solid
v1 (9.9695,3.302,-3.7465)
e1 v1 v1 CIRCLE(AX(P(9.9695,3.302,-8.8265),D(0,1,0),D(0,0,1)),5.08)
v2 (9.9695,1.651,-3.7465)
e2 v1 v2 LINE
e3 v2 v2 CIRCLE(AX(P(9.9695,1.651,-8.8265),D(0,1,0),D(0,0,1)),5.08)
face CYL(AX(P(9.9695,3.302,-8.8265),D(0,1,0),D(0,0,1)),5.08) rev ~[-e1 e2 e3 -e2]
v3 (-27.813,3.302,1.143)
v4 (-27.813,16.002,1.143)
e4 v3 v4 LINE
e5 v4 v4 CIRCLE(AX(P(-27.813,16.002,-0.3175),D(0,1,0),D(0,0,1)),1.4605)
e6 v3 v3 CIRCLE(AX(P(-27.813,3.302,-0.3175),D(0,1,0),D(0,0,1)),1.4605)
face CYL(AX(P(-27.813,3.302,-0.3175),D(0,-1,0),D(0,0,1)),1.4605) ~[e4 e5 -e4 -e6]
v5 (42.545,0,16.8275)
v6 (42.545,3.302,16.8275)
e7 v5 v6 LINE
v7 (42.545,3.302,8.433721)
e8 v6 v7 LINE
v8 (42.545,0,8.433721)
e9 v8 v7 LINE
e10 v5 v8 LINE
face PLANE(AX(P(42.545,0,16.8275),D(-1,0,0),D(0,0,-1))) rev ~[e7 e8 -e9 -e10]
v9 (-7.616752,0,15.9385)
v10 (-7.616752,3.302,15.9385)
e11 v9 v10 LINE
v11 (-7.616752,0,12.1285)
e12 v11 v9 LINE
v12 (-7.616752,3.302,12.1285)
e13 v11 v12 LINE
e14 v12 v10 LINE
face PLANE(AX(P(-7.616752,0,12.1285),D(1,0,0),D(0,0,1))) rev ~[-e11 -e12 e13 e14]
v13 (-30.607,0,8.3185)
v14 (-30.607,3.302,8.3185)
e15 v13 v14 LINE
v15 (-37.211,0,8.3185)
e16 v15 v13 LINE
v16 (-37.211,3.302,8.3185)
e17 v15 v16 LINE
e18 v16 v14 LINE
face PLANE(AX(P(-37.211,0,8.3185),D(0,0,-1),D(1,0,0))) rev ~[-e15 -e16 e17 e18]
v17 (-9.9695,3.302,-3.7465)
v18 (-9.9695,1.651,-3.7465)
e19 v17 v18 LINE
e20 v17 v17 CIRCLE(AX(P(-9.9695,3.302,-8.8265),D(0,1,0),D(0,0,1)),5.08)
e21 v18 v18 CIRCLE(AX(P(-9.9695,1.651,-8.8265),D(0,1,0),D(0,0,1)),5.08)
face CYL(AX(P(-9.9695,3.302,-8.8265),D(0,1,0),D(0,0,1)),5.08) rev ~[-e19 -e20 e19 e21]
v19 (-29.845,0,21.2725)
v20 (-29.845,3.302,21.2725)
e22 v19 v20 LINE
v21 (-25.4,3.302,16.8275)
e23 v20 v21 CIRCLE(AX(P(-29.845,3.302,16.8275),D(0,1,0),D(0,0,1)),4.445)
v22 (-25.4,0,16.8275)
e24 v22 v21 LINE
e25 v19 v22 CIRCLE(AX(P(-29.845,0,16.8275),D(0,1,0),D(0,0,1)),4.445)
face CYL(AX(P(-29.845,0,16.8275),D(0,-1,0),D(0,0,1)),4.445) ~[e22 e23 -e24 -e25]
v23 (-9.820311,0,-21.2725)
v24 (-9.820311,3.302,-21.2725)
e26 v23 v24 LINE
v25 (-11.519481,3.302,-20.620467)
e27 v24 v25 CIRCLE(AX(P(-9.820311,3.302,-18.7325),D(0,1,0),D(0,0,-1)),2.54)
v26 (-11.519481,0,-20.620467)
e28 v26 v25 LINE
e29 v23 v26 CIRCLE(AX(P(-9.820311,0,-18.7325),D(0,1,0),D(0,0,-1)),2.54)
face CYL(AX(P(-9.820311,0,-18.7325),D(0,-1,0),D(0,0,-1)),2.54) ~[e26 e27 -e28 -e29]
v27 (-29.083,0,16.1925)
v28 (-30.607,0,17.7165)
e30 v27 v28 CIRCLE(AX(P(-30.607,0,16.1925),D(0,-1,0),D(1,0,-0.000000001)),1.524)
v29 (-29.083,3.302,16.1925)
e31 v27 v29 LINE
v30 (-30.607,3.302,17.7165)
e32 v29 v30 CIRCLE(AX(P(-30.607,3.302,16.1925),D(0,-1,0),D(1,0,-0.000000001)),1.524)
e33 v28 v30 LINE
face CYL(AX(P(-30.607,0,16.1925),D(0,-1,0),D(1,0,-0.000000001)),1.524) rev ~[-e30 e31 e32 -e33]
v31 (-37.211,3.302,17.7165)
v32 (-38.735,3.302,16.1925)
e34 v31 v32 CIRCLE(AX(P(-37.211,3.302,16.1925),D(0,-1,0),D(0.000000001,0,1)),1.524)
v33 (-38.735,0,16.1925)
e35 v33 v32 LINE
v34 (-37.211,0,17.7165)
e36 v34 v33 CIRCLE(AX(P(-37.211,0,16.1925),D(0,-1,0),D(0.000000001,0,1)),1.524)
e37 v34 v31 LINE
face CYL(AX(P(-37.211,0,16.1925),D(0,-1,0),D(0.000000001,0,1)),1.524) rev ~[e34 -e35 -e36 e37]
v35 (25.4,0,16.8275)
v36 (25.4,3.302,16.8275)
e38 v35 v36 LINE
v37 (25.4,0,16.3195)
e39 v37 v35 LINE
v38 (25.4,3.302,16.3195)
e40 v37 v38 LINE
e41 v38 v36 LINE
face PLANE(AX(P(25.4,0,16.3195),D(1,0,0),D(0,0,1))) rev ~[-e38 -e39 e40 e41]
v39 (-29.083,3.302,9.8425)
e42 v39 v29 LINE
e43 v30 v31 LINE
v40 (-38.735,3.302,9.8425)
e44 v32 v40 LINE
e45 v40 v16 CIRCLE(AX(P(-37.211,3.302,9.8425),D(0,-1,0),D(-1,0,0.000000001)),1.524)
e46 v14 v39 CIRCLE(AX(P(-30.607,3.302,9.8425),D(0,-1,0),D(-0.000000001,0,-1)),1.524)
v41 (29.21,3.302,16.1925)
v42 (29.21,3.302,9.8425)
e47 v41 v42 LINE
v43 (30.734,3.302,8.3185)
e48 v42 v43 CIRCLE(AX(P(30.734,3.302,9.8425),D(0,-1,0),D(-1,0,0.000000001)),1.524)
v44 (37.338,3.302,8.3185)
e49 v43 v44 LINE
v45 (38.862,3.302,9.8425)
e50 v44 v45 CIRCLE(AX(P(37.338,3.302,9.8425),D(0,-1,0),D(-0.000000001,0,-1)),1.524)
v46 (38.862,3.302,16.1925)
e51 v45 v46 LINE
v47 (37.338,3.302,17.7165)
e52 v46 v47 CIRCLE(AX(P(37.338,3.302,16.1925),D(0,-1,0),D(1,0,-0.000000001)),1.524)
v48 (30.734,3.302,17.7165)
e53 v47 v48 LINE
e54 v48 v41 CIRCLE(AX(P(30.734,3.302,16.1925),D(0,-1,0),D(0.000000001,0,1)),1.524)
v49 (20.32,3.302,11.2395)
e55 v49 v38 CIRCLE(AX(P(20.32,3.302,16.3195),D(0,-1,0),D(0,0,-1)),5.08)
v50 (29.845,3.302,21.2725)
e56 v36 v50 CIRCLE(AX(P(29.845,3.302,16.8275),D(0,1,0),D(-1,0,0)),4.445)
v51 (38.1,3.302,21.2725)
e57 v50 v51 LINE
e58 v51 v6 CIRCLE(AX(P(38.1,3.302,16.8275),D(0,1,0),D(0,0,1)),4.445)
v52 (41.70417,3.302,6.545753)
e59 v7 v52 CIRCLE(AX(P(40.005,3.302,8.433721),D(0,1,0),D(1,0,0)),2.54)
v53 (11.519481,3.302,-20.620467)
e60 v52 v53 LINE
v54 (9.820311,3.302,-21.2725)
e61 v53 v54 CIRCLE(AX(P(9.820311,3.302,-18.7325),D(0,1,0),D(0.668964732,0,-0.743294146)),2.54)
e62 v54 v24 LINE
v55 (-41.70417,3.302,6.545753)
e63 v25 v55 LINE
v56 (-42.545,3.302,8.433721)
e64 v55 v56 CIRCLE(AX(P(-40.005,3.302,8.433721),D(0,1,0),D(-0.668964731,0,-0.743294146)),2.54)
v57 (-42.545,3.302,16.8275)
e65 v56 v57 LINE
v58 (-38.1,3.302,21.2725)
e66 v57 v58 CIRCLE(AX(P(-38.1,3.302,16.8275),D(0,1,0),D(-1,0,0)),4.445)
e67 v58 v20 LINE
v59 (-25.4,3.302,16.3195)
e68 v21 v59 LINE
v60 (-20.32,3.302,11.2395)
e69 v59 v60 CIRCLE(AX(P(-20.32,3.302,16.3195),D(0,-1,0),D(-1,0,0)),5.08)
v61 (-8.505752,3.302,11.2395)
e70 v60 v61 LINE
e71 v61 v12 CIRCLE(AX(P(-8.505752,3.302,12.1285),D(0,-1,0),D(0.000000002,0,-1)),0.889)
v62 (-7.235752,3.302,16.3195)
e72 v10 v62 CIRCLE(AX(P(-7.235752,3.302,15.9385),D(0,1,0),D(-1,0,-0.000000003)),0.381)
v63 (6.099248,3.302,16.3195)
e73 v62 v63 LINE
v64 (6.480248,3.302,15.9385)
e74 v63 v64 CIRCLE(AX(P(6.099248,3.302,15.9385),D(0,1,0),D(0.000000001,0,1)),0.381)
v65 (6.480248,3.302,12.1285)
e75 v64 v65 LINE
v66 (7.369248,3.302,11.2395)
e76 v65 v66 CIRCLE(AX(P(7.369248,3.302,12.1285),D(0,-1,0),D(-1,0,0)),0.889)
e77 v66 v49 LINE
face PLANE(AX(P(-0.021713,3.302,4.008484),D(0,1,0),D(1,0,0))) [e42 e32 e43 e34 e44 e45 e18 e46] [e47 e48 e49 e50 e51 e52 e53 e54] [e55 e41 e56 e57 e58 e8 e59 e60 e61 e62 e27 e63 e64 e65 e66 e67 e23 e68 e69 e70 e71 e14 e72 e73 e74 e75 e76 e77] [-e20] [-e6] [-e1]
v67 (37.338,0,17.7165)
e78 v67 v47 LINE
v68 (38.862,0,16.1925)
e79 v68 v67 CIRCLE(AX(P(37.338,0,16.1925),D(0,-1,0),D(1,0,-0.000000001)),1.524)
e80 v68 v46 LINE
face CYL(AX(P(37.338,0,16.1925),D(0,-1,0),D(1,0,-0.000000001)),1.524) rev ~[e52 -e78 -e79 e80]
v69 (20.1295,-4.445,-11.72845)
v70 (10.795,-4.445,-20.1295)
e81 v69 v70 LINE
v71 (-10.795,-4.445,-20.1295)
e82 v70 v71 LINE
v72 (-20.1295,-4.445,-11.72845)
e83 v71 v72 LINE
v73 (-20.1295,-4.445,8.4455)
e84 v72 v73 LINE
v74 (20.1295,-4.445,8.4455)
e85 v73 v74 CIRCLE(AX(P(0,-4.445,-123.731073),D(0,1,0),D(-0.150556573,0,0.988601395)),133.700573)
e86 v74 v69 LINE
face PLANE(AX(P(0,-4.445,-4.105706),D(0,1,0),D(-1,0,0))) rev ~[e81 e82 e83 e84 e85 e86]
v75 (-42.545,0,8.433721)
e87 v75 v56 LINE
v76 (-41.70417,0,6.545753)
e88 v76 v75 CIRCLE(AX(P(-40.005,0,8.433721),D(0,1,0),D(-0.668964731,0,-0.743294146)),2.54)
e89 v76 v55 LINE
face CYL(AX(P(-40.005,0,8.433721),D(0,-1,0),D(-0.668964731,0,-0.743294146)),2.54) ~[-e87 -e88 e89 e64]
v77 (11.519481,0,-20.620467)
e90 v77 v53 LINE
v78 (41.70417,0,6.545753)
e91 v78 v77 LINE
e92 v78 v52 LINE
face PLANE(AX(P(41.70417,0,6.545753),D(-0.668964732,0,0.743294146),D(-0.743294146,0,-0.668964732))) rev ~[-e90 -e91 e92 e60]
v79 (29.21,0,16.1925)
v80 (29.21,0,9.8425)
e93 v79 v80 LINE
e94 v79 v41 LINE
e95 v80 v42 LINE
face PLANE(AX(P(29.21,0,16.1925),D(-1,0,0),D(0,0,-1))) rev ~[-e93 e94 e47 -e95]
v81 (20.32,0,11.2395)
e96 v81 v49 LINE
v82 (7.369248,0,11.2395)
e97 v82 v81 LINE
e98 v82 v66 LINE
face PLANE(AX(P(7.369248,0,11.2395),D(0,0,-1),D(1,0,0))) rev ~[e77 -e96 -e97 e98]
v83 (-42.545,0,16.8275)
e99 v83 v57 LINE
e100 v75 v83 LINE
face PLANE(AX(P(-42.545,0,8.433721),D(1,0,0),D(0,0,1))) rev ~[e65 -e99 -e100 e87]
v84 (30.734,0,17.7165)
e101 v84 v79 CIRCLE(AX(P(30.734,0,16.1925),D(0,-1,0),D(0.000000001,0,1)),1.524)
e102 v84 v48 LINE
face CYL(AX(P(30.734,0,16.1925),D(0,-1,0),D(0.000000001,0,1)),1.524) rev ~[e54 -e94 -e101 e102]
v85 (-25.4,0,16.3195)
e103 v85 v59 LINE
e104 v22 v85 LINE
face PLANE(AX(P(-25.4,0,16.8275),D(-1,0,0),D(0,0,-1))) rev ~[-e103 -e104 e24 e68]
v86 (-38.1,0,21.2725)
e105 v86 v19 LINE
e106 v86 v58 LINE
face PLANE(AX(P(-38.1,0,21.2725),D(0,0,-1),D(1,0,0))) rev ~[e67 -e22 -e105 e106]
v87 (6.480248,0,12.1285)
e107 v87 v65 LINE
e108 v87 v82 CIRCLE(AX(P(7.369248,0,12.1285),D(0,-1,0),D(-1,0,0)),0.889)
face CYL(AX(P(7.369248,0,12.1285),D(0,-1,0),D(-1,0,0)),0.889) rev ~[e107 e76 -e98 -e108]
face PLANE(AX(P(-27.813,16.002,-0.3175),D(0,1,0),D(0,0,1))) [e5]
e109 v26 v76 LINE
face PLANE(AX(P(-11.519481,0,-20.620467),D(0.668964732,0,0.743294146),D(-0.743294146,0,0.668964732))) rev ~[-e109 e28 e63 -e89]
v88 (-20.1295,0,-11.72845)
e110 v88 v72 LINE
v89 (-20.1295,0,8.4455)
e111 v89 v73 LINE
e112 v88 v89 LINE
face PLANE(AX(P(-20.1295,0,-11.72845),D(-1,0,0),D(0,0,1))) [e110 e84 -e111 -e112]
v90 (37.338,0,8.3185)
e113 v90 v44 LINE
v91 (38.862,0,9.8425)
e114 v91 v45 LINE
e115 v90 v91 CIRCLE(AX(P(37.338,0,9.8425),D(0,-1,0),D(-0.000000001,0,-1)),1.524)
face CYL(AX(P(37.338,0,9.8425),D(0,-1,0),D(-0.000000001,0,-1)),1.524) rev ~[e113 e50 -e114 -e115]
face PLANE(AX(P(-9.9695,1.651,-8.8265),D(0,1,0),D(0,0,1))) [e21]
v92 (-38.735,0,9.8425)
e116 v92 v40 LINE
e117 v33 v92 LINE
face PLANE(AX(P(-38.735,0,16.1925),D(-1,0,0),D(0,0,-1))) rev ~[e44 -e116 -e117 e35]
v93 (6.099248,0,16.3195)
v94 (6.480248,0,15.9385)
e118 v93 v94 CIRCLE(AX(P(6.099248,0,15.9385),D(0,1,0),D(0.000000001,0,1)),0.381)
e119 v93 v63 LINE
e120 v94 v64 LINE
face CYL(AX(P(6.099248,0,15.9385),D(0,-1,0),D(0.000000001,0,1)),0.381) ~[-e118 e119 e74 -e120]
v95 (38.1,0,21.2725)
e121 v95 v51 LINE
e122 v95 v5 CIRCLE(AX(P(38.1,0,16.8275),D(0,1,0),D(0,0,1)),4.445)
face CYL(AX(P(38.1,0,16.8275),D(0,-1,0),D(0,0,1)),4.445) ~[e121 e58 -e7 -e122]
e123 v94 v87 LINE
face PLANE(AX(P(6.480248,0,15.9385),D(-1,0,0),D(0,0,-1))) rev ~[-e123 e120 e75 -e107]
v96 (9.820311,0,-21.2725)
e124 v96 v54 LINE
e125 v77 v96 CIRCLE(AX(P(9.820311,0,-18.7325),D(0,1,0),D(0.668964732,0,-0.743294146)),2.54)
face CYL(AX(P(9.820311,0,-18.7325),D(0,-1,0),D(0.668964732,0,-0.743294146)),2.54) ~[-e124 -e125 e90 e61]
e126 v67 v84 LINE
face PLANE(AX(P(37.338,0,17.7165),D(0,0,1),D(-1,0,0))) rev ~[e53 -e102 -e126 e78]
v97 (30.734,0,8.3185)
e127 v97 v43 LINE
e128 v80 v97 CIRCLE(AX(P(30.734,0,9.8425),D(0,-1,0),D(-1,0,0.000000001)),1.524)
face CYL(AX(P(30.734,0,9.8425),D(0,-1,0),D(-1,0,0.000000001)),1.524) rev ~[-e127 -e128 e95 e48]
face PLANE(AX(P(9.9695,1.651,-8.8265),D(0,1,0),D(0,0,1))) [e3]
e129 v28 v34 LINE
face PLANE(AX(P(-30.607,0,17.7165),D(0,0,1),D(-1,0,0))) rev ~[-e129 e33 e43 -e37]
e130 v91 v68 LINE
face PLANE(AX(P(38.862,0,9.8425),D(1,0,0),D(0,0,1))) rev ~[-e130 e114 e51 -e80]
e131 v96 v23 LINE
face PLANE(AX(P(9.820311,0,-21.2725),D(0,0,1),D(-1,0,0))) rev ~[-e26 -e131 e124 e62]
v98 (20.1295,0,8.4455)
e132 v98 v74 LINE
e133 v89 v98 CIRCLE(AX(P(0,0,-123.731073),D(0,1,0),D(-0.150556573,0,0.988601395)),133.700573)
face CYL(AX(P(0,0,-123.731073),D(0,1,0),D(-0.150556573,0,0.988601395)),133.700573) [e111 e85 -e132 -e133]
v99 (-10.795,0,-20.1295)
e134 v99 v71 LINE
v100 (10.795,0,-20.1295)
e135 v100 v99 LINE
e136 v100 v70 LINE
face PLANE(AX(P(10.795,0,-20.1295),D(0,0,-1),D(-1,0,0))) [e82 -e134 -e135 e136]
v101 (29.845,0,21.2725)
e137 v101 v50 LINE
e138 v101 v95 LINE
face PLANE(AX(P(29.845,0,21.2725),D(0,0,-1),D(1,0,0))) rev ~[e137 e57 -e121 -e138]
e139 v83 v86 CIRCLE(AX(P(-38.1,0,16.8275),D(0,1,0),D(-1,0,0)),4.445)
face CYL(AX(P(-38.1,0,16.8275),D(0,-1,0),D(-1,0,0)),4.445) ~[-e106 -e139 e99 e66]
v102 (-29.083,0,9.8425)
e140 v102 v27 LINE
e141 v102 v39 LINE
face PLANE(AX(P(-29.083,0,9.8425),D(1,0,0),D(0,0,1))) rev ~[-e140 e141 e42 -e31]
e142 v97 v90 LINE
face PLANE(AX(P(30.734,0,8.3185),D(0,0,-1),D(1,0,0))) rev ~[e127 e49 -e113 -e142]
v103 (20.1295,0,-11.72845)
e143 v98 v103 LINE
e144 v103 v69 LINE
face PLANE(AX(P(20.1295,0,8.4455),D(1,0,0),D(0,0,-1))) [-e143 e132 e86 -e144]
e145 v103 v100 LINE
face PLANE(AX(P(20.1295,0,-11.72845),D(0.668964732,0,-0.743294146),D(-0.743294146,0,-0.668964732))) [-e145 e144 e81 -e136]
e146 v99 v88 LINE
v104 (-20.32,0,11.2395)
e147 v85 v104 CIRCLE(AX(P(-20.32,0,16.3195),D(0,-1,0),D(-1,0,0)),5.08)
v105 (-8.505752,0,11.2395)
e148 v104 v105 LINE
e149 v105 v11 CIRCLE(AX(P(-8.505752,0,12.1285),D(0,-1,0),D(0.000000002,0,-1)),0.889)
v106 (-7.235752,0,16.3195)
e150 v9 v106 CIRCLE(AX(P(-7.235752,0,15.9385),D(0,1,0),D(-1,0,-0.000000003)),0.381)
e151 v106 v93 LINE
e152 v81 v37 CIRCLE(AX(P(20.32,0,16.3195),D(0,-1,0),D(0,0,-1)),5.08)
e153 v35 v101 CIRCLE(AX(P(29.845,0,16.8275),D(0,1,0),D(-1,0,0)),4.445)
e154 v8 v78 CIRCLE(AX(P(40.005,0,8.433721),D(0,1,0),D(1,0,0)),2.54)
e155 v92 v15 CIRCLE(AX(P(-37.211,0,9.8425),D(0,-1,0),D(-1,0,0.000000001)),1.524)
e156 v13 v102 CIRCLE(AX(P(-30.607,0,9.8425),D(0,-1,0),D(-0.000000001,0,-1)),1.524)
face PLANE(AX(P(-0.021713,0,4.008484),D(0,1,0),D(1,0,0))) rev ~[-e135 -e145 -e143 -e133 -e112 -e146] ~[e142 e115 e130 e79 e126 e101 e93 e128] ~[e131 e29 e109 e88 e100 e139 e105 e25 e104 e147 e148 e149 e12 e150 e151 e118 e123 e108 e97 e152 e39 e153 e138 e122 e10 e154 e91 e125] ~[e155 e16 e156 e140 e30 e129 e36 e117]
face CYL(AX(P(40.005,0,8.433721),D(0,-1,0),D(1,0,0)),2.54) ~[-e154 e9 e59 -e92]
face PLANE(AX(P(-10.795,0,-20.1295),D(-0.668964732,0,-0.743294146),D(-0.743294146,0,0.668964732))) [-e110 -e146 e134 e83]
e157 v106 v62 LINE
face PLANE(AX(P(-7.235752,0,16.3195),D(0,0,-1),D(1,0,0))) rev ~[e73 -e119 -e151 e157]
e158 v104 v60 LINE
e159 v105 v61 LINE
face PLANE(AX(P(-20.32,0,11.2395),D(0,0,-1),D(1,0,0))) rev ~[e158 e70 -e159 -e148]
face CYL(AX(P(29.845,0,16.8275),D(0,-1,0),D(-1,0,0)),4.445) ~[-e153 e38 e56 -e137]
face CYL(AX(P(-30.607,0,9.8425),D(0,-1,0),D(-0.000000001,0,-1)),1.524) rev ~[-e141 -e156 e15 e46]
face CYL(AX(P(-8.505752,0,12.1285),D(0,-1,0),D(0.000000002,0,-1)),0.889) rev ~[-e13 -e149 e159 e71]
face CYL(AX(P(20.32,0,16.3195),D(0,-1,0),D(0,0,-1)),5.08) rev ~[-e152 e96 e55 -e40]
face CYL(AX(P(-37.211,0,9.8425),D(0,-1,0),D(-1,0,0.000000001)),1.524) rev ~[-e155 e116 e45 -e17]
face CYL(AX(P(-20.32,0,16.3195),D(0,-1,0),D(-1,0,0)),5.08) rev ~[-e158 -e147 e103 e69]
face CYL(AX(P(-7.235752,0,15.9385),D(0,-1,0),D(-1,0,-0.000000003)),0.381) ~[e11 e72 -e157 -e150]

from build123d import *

# Parameters (mm, degrees)
BOSS_EXTRUDE1_DEPTH = 3.302
SKETCH3_R           = 5.08
CUT_EXTRUDE1_DEPTH  = 1.651
BOSS_EXTRUDE2_DEPTH = 4.445
SKETCH5_R           = 1.4605
BOSS_EXTRUDE3_DEPTH = 12.7


with BuildPart() as part:
    # Sketch1 → Boss-Extrude1 (new body)
    with BuildSketch(Plane(origin=(0, 0, 0), x_dir=(1, 0, 0), z_dir=(0, 1, 0))):
        with BuildLine():
            ThreePointArc((42.545, -8.433720508), (42.325290161, -7.400350502), (41.704170418, -6.545753376))
            Line((41.704170418, -6.545753376), (11.519480965, 20.620467131))
            ThreePointArc((11.519480965, 20.620467131), (10.730300515, 21.103895846), (9.820310547, 21.2725))
            Line((9.820310547, 21.2725), (-9.820310547, 21.2725))
            ThreePointArc((-9.820310547, 21.2725), (-10.730300515, 21.103895846), (-11.519480965, 20.620467131))
            Line((-11.519480965, 20.620467131), (-41.704170418, -6.545753376))
            ThreePointArc((-41.704170418, -6.545753376), (-42.325290161, -7.400350502), (-42.545, -8.433720508))
            Line((-42.545, -8.433720508), (-42.545, -16.8275))
            ThreePointArc((-42.545, -16.8275), (-41.243089642, -19.970589642), (-38.1, -21.2725))
            Line((-38.1, -21.2725), (-29.845, -21.2725))
            ThreePointArc((-29.845, -21.2725), (-26.701910358, -19.970589642), (-25.4, -16.8275))
            Line((-25.4, -16.8275), (-25.4, -16.3195))
            ThreePointArc((-25.4, -16.3195), (-23.912102448, -12.727397552), (-20.32, -11.2395))
            Line((-20.32, -11.2395), (-8.505751918, -11.2395))
            ThreePointArc((-8.505751918, -11.2395), (-7.87713399, -11.499882072), (-7.616751918, -12.1285))
            Line((-7.616751918, -12.1285), (-7.616751918, -15.9385))
            ThreePointArc((-7.616751918, -15.9385), (-7.505159602, -16.207907684), (-7.235751918, -16.3195))
            Line((-7.235751918, -16.3195), (6.099248082, -16.3195))
            ThreePointArc((6.099248082, -16.3195), (6.368655765, -16.207907684), (6.480248082, -15.9385))
            Line((6.480248082, -15.9385), (6.480248082, -12.1285))
            ThreePointArc((6.480248082, -12.1285), (6.740630153, -11.499882072), (7.369248082, -11.2395))
            Line((7.369248082, -11.2395), (20.32, -11.2395))
            ThreePointArc((20.32, -11.2395), (23.912102448, -12.727397552), (25.4, -16.3195))
            Line((25.4, -16.3195), (25.4, -16.8275))
            ThreePointArc((25.4, -16.8275), (26.701910358, -19.970589642), (29.845, -21.2725))
            Line((29.845, -21.2725), (38.1, -21.2725))
            ThreePointArc((38.1, -21.2725), (41.243089642, -19.970589642), (42.545, -16.8275))
            Line((42.545, -16.8275), (42.545, -8.433720508))
        make_face()
        with BuildLine():
            ThreePointArc((-38.735, -9.8425), (-38.288630735, -8.764869265), (-37.211, -8.3185))
            Line((-37.211, -8.3185), (-30.607, -8.3185))
            ThreePointArc((-30.607, -8.3185), (-29.529369265, -8.764869265), (-29.083, -9.8425))
            Line((-29.083, -9.8425), (-29.083, -16.1925))
            ThreePointArc((-29.083, -16.1925), (-29.529369265, -17.270130735), (-30.607, -17.7165))
            Line((-30.607, -17.7165), (-37.211, -17.7165))
            ThreePointArc((-37.211, -17.7165), (-38.288630735, -17.270130735), (-38.735, -16.1925))
            Line((-38.735, -16.1925), (-38.735, -9.8425))
        make_face(mode=Mode.SUBTRACT)
        with BuildLine():
            Line((30.734, -8.3185), (37.338, -8.3185))
            ThreePointArc((37.338, -8.3185), (38.415630735, -8.764869265), (38.862, -9.8425))
            Line((38.862, -9.8425), (38.862, -16.1925))
            ThreePointArc((38.862, -16.1925), (38.415630735, -17.270130735), (37.338, -17.7165))
            Line((37.338, -17.7165), (30.734, -17.7165))
            ThreePointArc((30.734, -17.7165), (29.656369265, -17.270130735), (29.21, -16.1925))
            Line((29.21, -16.1925), (29.21, -9.8425))
            ThreePointArc((29.21, -9.8425), (29.656369265, -8.764869265), (30.734, -8.3185))
        make_face(mode=Mode.SUBTRACT)
    extrude(amount=BOSS_EXTRUDE1_DEPTH)

    # Sketch3 → Cut-Extrude1 (cut)
    with BuildSketch(Plane(origin=(0, 3.302, 0), x_dir=(1, 0, 0), z_dir=(0, 1, 0))):
        with Locations(Location((-9.9695, 8.8265, 0), (0, 0, 270))):
            Circle(SKETCH3_R)
        with Locations(Location((9.9695, 8.8265, 0), (0, 0, 270))):
            Circle(SKETCH3_R)
    extrude(amount=-CUT_EXTRUDE1_DEPTH, mode=Mode.SUBTRACT)

    # Sketch4 → Boss-Extrude2 (add)
    with BuildSketch(Plane.XZ):
        with BuildLine():
            ThreePointArc((-20.1295, 8.4455), (0, 9.9695), (20.1295, 8.4455))
            Line((20.1295, 8.4455), (20.1295, -11.72845))
            Line((20.1295, -11.72845), (10.795, -20.1295))
            Line((10.795, -20.1295), (-10.795, -20.1295))
            Line((-10.795, -20.1295), (-20.1295, -11.72845))
            Line((-20.1295, -11.72845), (-20.1295, 8.4455))
        make_face()
    extrude(amount=BOSS_EXTRUDE2_DEPTH)

    # Sketch5 → Boss-Extrude3 (add)
    with BuildSketch(Plane(origin=(0, 3.302, 0), x_dir=(1, 0, 0), z_dir=(0, 1, 0))):
        with Locations(Location((-27.813, 0.3175, 0), (0, 0, 270))):
            Circle(SKETCH5_R)
    extrude(amount=BOSS_EXTRUDE3_DEPTH)


solid = part.part
